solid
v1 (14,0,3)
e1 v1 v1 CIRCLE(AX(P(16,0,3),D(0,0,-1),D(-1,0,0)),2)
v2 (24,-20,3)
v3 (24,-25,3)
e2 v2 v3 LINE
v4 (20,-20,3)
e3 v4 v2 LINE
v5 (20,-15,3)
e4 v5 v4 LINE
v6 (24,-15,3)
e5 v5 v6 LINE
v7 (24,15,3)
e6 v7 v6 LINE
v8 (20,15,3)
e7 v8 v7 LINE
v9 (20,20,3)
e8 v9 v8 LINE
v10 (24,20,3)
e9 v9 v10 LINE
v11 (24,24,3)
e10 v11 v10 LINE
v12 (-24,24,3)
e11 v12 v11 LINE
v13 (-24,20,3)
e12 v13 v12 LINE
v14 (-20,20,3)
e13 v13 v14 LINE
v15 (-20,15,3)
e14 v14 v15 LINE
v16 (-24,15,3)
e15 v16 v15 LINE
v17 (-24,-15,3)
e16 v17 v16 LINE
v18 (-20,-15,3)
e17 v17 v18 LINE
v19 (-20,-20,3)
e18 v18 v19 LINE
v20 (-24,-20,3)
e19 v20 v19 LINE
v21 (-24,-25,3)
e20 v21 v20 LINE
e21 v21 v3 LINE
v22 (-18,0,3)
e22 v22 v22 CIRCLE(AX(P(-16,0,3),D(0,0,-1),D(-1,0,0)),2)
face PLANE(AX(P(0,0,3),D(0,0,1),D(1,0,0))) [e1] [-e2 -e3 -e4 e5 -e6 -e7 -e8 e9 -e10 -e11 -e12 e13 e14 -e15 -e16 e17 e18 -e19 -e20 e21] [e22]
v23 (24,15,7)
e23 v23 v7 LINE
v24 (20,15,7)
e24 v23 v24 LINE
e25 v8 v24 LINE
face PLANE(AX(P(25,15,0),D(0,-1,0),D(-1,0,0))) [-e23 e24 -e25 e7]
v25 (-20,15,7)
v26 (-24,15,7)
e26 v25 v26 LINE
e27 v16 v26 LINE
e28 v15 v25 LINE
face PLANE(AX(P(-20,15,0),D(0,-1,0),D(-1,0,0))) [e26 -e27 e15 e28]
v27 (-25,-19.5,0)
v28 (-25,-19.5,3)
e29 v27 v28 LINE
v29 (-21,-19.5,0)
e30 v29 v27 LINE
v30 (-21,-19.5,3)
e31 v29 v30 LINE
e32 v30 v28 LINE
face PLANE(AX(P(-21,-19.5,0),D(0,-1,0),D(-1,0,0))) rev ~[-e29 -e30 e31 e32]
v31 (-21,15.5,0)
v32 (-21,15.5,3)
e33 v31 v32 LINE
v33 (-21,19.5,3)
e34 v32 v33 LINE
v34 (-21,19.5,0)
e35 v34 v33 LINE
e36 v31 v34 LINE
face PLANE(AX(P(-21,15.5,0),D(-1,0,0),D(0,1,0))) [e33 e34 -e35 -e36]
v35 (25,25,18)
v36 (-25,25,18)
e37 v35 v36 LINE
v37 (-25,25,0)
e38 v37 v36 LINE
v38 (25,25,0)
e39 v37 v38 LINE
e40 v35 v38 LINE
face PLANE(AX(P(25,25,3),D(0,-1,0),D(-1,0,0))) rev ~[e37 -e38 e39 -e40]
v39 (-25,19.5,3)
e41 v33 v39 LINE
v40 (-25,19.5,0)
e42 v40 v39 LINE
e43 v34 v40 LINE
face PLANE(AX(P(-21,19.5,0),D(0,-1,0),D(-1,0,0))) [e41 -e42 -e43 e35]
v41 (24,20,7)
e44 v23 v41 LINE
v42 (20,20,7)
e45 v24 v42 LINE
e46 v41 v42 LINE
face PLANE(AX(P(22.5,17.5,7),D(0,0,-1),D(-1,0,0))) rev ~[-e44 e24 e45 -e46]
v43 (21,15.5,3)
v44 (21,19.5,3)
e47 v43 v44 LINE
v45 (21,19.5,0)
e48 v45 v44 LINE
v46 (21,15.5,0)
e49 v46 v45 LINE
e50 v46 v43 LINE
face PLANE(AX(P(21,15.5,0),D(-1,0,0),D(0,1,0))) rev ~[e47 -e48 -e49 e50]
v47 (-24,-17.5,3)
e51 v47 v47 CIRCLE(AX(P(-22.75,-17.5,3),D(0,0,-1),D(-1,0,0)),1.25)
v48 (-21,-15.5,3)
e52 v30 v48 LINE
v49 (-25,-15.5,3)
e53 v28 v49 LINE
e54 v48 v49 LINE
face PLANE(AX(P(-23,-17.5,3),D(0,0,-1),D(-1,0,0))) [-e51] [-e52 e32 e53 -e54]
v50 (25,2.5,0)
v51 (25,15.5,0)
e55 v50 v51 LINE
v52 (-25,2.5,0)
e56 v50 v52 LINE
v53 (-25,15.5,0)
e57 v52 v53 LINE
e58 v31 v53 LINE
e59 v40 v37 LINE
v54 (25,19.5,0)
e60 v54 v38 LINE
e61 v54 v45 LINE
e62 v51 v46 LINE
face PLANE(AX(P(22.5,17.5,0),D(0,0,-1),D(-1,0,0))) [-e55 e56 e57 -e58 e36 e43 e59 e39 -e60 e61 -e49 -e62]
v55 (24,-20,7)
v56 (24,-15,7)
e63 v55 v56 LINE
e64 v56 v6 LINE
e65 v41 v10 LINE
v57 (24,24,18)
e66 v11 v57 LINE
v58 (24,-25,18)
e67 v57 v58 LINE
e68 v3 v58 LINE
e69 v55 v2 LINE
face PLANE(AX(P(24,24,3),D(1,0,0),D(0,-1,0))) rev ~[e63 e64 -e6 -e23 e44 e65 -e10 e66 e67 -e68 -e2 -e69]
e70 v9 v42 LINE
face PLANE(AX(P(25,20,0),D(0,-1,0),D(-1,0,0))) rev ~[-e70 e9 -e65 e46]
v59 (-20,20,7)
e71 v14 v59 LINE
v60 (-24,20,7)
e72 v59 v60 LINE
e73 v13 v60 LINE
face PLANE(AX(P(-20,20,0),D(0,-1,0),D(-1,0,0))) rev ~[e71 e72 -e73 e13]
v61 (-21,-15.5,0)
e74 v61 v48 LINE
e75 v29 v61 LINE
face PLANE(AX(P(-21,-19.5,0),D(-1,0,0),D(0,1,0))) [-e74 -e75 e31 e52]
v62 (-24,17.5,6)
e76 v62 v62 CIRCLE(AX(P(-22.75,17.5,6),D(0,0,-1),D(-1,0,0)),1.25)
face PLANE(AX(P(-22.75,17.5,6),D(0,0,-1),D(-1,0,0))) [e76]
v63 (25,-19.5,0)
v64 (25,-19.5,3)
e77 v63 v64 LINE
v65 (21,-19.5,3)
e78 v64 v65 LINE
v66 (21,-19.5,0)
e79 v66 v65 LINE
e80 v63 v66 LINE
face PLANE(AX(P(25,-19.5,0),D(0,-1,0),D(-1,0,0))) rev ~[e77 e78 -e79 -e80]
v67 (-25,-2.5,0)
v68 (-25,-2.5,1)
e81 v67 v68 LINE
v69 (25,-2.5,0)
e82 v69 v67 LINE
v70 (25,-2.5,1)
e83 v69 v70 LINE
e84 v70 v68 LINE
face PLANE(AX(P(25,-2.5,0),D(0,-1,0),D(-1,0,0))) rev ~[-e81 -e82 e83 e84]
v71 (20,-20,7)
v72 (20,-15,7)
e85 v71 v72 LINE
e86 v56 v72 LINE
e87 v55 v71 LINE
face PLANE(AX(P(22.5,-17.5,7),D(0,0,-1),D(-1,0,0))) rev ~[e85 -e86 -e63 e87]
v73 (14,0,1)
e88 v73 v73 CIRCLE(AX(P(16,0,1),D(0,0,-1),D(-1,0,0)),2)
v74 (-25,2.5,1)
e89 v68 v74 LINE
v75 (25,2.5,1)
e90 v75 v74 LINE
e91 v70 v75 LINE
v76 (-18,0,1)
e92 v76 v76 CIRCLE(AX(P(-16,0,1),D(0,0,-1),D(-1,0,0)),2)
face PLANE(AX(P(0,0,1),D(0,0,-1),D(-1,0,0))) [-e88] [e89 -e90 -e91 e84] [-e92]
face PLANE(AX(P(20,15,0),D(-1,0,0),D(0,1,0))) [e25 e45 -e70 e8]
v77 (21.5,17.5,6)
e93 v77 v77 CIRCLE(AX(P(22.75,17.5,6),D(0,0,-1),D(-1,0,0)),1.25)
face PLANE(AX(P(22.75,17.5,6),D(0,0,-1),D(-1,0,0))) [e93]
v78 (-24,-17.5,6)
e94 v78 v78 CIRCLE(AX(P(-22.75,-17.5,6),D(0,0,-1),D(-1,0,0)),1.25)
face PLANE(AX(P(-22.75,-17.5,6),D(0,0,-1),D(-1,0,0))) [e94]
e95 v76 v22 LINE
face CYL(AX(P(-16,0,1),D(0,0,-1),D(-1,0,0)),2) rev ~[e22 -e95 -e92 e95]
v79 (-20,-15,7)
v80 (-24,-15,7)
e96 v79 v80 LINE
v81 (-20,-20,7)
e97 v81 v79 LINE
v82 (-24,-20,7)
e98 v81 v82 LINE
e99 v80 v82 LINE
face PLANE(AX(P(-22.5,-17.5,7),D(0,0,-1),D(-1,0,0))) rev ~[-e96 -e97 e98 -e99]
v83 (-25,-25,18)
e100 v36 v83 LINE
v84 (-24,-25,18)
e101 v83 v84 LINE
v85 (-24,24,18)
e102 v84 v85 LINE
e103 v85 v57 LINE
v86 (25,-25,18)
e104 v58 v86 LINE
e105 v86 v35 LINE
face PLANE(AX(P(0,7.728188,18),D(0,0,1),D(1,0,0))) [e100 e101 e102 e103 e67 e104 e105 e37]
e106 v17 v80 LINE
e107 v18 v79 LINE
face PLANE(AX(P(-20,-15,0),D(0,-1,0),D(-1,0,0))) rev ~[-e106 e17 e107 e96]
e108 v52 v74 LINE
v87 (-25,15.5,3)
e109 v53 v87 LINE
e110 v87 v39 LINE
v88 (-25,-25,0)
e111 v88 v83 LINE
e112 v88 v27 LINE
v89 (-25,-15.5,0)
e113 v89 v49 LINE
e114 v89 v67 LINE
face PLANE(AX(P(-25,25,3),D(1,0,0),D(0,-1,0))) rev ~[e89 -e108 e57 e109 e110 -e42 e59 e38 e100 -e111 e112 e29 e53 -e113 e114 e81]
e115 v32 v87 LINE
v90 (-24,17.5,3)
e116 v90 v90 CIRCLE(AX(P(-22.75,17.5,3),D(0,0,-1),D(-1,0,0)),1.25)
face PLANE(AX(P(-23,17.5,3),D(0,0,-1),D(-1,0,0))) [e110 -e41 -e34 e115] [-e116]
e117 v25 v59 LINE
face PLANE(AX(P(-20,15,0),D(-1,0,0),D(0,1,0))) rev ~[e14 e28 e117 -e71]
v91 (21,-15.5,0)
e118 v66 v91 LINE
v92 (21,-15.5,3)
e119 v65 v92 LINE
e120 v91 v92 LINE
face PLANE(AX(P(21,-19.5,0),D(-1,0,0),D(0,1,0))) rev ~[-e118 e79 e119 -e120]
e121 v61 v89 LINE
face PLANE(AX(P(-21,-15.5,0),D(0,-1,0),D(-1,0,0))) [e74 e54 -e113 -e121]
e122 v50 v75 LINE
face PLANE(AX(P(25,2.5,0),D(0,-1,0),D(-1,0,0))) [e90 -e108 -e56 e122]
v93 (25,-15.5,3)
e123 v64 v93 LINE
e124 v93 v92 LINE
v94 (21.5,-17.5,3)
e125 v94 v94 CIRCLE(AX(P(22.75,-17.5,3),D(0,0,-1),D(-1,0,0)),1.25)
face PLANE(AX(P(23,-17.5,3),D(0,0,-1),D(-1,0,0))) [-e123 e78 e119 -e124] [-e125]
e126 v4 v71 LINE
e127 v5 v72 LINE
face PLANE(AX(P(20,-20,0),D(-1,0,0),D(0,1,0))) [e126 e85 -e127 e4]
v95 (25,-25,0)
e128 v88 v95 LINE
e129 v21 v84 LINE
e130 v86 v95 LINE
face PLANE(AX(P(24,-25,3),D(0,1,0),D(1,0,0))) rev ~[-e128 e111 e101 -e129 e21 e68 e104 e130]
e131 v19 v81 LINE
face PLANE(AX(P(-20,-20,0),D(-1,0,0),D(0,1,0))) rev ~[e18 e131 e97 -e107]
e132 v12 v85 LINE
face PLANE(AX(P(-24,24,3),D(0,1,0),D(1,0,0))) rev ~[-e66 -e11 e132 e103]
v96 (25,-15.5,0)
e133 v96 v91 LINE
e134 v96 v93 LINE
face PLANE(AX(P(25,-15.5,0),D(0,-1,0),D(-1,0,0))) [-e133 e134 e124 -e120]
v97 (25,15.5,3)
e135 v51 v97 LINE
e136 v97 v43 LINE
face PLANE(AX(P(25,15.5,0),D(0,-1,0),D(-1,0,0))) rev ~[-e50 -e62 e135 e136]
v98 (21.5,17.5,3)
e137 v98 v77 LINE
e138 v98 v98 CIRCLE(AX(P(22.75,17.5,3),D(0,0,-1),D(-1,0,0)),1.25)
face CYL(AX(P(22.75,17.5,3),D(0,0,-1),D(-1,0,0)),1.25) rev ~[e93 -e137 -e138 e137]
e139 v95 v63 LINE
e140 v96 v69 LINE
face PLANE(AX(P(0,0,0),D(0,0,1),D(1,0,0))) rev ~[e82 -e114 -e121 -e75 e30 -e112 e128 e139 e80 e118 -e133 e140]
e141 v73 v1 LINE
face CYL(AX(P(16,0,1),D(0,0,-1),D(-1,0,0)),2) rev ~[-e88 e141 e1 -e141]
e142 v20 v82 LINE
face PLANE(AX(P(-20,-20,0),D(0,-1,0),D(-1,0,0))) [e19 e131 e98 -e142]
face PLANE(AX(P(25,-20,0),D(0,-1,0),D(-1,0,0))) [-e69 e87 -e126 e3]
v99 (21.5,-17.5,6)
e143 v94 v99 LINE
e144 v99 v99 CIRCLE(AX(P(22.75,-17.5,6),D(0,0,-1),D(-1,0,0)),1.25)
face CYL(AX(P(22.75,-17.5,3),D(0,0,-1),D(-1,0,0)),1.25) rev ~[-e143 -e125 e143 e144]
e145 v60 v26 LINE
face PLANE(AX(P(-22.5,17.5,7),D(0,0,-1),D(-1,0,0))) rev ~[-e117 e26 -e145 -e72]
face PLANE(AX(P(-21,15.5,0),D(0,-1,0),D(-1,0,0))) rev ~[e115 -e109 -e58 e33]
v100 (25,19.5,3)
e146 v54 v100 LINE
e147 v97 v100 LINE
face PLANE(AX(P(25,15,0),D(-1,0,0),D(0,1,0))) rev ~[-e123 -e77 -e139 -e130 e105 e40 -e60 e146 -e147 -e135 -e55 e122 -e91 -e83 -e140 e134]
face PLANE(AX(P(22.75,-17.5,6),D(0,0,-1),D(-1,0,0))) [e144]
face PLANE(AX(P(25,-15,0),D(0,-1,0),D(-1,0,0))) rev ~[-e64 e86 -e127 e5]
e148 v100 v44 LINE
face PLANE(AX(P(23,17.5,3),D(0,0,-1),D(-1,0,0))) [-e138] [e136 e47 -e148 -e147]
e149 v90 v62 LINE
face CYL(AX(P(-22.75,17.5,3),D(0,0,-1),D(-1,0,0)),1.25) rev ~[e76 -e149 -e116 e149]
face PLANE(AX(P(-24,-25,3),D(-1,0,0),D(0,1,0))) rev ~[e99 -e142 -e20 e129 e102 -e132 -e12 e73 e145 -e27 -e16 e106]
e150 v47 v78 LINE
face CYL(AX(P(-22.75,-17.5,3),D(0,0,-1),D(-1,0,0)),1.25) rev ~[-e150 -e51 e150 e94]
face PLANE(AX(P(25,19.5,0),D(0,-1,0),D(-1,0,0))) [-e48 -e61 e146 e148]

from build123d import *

# Parameters (mm, degrees)
SKICA1_W                  = 50
SKICA1_H                  = 50
P_IDAT_VYSUNUT_M2_DEPTH   = 3
SKICA5_W                  = 50
SKICA5_H                  = 5
ODEBRAT_VYSUNUT_M3_DEPTH  = 1
P_IDAT_VYSUNUT_M9_DEPTH   = 15
SKICA17_R                 = 2
ODEBRAT_VYSUNUT_M8_DEPTH  = 4
SKICA18_W                 = 5
SKICA18_H                 = 5
P_IDAT_VYSUNUT_M10_DEPTH  = 7
SKICA19_W                 = 4
SKICA19_H                 = 4
ODEBRAT_VYSUNUT_M9_DEPTH  = 3
SKICA20_R                 = 1.25
ODEBRAT_VYSUNUT_M10_DEPTH = 3


with BuildPart() as part:
    # Skica1 → Přidat vysunutím2 (new body)
    with BuildSketch(Plane.XY):
        Rectangle(SKICA1_W, SKICA1_H)
    extrude(amount=P_IDAT_VYSUNUT_M2_DEPTH)

    # Skica5 → Odebrat vysunutím3 (cut)
    with BuildSketch(Plane(origin=(0, 0, 0), x_dir=(-1, 0, 0), z_dir=(0, 0, -1))):
        Rectangle(SKICA5_W, SKICA5_H)
    extrude(amount=-ODEBRAT_VYSUNUT_M3_DEPTH, mode=Mode.SUBTRACT)

    # Skica14 → Přidat vysunutím9 (add)
    with BuildSketch(Plane.XY.offset(3)):
        Polygon((25, 25), (-25, 25), (-25, -25), (-24, -25), (-24, 24), (24, 24), (24, -25), (25, -25), align=None)
    extrude(amount=P_IDAT_VYSUNUT_M9_DEPTH)

    # Skica17 → Odebrat vysunutím8 (cut)
    with BuildSketch(Plane(origin=(0, 0, 1), x_dir=(-1, 0, 0), z_dir=(0, 0, -1))):
        with Locations((-16, 0)):
            Circle(SKICA17_R)
        with Locations((16, 0)):
            Circle(SKICA17_R)
    extrude(amount=-ODEBRAT_VYSUNUT_M8_DEPTH, mode=Mode.SUBTRACT)

    # Skica18 → Přidat vysunutím10 (add)
    with BuildSketch(Plane(origin=(0, 0, 0), x_dir=(-1, 0, 0), z_dir=(0, 0, -1))):
        with Locations((-22.5, 17.5)):
            Rectangle(SKICA18_W, SKICA18_H)
        with Locations((-22.5, -17.5)):
            Rectangle(SKICA18_W, SKICA18_H)
        with Locations((22.5, -17.5)):
            Rectangle(SKICA18_W, SKICA18_H)
        with Locations((22.5, 17.5)):
            Rectangle(SKICA18_W, SKICA18_H)
    extrude(amount=-P_IDAT_VYSUNUT_M10_DEPTH)

    # Skica19 → Odebrat vysunutím9 (cut)
    with BuildSketch(Plane(origin=(0, 0, 0), x_dir=(-1, 0, 0), z_dir=(0, 0, -1))):
        with Locations((-23, 17.5)):
            Rectangle(SKICA19_W, SKICA19_H)
        with Locations((-23, -17.5)):
            Rectangle(SKICA19_W, SKICA19_H)
        with Locations((23, -17.5)):
            Rectangle(SKICA19_W, SKICA19_H)
        with Locations((23, 17.5)):
            Rectangle(SKICA19_W, SKICA19_H)
    extrude(amount=-ODEBRAT_VYSUNUT_M9_DEPTH, mode=Mode.SUBTRACT)

    # Skica20 → Odebrat vysunutím10 (cut)
    with BuildSketch(Plane(origin=(0, 0, 3), x_dir=(-1, 0, 0), z_dir=(0, 0, -1))):
        with Locations((-22.75, 17.5)):
            Circle(SKICA20_R)
        with Locations((22.75, 17.5)):
            Circle(SKICA20_R)
        with Locations((22.75, -17.5)):
            Circle(SKICA20_R)
        with Locations((-22.75, -17.5)):
            Circle(SKICA20_R)
    extrude(amount=-ODEBRAT_VYSUNUT_M10_DEPTH, mode=Mode.SUBTRACT)


solid = part.part
